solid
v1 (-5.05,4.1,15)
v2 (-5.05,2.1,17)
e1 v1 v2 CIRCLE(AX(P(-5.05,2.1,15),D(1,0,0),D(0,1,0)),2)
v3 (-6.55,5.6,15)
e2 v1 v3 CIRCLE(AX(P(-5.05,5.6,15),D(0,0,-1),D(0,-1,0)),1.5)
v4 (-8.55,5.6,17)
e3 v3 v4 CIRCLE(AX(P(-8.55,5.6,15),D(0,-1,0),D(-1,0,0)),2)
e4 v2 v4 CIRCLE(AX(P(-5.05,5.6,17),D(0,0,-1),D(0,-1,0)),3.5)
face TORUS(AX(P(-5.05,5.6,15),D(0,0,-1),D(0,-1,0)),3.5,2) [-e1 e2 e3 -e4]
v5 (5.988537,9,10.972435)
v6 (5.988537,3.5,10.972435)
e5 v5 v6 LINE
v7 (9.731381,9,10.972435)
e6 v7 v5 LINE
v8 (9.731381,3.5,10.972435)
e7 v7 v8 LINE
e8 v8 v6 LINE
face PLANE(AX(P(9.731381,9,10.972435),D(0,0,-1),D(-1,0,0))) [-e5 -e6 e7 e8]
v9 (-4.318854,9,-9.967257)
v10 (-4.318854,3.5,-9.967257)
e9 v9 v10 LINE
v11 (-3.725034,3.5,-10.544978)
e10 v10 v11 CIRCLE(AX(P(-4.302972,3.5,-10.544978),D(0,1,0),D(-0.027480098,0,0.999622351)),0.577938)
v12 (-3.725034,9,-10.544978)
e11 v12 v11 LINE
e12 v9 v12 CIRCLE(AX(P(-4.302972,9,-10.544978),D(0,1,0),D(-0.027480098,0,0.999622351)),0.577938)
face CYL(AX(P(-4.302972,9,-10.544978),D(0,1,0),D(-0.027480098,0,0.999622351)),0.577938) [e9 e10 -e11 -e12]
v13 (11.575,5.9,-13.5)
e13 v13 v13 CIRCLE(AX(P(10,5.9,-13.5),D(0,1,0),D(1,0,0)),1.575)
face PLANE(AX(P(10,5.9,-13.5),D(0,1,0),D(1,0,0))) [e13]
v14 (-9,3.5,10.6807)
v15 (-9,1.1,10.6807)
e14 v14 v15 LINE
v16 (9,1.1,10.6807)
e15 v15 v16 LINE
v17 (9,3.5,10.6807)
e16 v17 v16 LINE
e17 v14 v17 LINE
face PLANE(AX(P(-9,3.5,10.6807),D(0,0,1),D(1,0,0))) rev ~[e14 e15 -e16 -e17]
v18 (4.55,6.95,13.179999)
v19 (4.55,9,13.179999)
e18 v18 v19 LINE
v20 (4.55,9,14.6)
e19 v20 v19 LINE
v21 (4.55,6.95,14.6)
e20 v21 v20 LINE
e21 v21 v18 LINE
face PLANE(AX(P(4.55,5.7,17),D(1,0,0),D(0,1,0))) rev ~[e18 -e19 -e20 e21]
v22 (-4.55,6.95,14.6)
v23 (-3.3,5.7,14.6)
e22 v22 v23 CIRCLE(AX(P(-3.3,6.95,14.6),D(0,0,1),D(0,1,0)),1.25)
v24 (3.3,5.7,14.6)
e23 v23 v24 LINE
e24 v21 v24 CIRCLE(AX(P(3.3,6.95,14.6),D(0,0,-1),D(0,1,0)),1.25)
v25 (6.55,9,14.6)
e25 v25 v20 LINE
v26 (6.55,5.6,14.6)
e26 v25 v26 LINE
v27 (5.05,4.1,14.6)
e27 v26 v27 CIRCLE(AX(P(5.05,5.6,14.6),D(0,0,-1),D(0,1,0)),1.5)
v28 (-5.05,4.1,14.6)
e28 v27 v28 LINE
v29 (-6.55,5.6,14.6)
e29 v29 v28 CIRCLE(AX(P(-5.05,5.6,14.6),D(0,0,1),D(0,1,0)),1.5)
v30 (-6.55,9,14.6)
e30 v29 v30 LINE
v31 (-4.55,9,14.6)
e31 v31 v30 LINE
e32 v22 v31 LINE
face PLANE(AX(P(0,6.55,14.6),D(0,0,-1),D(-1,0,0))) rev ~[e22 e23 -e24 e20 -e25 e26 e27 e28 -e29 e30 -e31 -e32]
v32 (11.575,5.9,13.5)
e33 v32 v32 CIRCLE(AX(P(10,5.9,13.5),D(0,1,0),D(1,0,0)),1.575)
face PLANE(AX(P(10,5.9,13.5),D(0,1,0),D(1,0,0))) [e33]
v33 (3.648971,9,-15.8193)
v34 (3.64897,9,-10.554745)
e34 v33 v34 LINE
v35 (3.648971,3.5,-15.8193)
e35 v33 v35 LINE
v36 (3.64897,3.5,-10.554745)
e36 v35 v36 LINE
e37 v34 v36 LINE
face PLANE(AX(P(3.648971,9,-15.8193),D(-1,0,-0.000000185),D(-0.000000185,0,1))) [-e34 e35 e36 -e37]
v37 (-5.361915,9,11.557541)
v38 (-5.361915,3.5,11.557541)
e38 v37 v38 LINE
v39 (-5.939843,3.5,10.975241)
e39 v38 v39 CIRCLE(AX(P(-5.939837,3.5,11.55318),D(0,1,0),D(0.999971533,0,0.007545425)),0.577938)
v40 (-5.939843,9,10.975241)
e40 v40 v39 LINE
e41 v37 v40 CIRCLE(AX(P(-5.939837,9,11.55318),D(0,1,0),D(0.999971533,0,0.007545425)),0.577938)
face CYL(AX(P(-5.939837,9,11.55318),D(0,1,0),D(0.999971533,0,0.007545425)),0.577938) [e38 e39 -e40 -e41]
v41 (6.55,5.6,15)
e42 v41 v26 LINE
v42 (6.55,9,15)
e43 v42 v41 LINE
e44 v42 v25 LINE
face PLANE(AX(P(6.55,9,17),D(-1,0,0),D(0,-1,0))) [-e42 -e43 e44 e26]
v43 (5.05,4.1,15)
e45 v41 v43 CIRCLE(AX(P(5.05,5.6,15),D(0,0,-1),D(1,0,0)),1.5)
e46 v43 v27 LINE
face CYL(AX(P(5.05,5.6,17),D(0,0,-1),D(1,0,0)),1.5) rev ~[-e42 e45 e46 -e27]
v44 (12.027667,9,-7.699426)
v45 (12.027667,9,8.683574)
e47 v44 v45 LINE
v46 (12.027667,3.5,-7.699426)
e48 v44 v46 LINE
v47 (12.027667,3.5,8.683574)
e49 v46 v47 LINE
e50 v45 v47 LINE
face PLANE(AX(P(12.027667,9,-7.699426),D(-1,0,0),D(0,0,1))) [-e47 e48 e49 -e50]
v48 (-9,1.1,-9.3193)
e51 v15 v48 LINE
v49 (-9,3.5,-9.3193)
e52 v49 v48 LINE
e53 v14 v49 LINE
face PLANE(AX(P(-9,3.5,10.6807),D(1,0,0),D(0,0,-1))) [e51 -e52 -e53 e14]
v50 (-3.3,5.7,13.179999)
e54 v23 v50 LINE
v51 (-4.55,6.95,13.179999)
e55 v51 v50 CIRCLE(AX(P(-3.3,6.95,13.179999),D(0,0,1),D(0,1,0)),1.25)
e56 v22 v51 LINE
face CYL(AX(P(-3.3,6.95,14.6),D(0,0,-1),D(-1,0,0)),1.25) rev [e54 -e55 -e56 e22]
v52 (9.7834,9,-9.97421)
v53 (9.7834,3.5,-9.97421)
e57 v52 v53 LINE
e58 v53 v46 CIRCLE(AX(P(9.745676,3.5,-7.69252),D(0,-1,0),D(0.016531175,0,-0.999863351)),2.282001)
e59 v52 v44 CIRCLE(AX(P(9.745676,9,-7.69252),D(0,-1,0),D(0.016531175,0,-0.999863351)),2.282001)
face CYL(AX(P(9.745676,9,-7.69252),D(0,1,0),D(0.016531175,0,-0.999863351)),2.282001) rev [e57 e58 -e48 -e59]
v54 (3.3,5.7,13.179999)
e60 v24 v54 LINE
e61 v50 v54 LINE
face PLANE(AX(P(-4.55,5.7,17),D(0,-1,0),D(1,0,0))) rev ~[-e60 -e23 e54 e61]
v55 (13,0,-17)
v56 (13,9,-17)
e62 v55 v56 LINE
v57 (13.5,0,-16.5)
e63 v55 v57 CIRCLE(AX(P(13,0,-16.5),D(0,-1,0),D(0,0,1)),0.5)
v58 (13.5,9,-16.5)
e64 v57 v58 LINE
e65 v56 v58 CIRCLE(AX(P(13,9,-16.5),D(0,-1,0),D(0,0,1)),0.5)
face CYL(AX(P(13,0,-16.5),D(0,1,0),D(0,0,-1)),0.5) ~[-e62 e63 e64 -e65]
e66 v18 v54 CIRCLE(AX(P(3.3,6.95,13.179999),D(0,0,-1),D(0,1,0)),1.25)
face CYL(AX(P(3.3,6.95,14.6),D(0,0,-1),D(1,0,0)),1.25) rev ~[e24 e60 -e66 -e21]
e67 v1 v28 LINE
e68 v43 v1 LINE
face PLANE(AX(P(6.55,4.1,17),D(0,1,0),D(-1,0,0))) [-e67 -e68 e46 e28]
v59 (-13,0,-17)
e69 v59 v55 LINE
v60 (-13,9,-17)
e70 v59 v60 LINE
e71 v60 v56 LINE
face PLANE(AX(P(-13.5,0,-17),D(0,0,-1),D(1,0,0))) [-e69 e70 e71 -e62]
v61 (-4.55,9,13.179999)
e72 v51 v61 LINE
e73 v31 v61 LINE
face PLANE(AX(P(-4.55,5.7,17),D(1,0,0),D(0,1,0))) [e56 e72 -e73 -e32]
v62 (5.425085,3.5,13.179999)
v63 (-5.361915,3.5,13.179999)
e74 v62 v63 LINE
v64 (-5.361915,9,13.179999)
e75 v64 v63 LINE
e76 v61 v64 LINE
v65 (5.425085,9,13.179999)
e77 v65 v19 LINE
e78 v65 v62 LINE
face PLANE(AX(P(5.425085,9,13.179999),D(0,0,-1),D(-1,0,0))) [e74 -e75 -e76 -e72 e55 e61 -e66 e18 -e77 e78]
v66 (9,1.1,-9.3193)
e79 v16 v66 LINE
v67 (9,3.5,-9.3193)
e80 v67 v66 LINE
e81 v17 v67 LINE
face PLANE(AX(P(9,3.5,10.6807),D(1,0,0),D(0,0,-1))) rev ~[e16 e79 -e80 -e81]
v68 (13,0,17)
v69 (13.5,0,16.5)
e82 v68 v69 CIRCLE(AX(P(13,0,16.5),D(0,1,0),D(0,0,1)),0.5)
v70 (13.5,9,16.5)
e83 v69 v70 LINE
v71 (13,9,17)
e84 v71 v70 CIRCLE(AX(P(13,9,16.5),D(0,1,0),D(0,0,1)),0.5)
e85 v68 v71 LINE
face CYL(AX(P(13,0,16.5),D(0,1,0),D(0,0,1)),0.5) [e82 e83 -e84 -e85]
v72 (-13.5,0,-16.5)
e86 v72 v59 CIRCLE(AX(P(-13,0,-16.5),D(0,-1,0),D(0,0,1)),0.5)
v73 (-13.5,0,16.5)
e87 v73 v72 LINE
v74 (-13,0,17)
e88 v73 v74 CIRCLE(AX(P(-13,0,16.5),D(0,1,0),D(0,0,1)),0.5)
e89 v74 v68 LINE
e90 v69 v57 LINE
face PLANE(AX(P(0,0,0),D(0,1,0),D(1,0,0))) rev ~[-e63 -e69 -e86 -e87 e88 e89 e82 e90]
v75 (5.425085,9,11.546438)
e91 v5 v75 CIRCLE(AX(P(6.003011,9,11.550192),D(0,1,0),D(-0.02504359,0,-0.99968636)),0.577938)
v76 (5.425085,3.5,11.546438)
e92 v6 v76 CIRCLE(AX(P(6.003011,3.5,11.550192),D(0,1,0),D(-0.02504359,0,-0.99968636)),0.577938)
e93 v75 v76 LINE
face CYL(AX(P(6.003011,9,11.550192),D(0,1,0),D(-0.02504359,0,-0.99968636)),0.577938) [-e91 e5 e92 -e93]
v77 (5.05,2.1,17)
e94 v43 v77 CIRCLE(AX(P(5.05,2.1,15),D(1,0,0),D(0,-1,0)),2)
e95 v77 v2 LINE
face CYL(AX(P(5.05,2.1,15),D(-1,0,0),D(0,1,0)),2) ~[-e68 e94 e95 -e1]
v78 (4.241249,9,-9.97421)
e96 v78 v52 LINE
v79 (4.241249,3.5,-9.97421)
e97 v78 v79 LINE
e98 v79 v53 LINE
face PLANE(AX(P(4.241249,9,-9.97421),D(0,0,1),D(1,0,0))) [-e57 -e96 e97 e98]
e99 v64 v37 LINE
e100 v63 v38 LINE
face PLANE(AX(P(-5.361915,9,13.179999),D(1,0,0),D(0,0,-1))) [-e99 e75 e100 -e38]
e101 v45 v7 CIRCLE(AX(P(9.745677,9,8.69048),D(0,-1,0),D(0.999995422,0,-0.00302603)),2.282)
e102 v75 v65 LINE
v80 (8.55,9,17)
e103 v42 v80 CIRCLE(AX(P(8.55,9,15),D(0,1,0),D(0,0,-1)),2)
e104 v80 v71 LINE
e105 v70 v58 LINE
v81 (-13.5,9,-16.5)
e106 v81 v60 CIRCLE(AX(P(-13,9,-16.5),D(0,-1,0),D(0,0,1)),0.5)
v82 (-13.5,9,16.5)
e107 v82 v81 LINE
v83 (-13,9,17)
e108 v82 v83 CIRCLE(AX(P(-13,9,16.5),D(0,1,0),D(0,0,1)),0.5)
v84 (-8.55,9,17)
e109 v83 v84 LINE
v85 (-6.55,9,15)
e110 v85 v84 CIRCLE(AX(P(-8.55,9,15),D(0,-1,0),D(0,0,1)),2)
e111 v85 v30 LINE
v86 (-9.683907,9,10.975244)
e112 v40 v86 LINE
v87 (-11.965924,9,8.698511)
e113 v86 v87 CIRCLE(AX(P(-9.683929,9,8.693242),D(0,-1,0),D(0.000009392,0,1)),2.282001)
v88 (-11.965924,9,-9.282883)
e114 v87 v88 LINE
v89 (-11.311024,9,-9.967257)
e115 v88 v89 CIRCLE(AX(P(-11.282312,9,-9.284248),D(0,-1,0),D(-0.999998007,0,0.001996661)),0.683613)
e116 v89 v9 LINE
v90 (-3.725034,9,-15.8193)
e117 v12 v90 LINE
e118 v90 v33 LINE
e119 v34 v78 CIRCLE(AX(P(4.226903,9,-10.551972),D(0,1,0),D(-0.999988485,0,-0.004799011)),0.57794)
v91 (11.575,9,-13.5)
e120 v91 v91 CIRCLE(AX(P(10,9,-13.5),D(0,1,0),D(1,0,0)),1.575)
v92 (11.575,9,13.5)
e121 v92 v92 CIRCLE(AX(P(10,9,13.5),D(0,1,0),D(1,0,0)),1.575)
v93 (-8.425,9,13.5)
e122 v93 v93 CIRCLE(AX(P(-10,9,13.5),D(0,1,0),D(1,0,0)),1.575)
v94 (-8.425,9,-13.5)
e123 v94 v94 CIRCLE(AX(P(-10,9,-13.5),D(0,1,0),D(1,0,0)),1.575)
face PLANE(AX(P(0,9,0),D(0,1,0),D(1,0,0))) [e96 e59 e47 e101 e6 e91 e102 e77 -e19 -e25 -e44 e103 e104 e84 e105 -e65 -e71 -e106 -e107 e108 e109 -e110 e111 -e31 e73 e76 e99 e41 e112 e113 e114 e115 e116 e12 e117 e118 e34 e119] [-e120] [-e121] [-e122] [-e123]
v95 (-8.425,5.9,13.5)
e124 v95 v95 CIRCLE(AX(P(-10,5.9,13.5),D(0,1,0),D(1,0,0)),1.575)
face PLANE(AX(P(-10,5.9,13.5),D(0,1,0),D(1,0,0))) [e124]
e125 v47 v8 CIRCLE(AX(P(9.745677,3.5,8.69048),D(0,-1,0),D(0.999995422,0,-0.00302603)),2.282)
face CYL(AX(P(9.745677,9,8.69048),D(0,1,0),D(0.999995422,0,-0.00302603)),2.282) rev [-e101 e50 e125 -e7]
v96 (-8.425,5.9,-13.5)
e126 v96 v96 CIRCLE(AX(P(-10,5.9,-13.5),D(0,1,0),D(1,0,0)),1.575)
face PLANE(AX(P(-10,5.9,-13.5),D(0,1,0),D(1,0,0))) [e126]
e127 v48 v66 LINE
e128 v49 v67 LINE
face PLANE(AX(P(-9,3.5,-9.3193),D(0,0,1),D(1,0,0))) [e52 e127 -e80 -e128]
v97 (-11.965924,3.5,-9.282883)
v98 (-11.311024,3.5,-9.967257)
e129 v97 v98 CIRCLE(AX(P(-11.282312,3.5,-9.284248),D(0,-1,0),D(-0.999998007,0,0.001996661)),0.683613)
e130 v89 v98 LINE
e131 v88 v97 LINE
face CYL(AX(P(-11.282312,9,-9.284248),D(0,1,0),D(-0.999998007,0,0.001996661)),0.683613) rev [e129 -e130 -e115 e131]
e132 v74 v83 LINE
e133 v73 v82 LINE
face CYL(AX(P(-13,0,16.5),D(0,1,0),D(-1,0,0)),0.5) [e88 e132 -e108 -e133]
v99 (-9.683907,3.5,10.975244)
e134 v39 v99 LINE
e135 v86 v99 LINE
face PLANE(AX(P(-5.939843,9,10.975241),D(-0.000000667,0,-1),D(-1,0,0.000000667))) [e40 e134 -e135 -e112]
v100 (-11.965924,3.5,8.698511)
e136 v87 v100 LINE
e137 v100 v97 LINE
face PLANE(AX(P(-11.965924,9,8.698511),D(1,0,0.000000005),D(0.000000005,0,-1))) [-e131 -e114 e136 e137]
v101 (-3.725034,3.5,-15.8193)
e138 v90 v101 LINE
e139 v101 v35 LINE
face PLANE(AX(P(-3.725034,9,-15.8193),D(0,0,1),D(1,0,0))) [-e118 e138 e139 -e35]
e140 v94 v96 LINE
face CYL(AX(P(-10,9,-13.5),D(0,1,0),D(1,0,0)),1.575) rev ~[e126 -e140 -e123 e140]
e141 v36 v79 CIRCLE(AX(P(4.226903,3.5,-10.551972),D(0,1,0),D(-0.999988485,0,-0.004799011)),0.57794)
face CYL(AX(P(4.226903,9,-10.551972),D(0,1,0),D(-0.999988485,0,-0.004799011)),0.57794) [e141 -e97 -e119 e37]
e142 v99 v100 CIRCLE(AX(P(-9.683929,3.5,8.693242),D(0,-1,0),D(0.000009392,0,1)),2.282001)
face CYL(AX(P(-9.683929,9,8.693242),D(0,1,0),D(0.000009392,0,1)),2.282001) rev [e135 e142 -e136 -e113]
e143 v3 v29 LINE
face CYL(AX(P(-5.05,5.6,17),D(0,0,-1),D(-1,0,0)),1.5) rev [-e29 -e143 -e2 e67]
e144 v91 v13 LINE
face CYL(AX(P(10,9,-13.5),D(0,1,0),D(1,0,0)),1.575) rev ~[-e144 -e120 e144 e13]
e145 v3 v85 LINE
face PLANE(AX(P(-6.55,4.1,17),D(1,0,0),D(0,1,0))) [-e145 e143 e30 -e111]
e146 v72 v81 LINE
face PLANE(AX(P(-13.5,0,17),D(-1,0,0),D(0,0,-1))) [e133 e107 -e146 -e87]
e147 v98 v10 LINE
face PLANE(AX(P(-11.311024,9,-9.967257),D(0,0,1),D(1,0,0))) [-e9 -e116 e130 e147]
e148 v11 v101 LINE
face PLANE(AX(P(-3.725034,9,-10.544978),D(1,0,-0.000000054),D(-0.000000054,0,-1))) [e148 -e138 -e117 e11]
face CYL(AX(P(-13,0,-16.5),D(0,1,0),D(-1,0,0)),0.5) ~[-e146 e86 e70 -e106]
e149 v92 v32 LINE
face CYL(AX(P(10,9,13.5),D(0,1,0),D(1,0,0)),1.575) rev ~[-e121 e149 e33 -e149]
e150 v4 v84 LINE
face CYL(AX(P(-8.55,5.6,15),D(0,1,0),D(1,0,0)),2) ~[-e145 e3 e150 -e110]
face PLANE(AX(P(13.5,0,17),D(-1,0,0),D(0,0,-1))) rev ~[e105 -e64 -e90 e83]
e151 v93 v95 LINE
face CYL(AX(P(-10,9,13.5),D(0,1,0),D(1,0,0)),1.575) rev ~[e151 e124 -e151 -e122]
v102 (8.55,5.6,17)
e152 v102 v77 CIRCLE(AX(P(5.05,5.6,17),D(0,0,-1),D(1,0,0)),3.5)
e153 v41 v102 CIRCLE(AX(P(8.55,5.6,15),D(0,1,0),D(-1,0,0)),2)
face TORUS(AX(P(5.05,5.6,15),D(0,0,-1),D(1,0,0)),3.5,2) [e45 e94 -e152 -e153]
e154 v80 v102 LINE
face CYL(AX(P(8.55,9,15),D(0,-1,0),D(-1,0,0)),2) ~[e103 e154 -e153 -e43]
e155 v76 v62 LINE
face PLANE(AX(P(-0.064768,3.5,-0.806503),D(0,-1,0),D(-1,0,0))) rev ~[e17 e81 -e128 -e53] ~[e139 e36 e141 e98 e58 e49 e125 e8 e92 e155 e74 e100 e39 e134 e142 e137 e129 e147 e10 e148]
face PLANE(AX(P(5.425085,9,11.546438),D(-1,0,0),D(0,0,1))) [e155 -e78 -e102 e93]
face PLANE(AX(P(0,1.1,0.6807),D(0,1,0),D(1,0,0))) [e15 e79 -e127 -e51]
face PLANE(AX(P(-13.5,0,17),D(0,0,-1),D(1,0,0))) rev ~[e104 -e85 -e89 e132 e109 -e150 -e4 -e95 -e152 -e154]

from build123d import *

# Parameters (mm, degrees)
SKETCH_1_W          = 27
SKETCH_1_H          = 34
EXTRUDE_1_DEPTH     = 9
CUT_EXTRUDE_1_DEPTH = 5.5
SKETCH_5_W          = 18
SKETCH_5_H          = 20
CUT_EXTRUDE_2_DEPTH = 2.4
SKETCH_7_W          = 9.1
SKETCH_7_H          = 3.3
CUT_EXTRUDE_3_DEPTH = 3.820001
CUT_EXTRUDE_4_DEPTH = 2.4
SKETCH_9_R          = 1.575
CUT_EXTRUDE_5_DEPTH = 3.1
FILLET_1_R          = 0.5
FILLET_2_R          = 1.5
FILLET_3_R          = 1.25
FILLET_4_R          = 2


with BuildPart() as part:
    # 草图1 → 凸台-拉伸1 (new body)
    with BuildSketch(Plane(origin=(0, 0, 0), x_dir=(1, 0, 0), z_dir=(0, 1, 0))):
        Rectangle(SKETCH_1_W, SKETCH_1_H)
    extrude(amount=EXTRUDE_1_DEPTH)

    # 草图3 → 切除-拉伸1 (cut)
    with BuildSketch(Plane(origin=(0, 9, 0), x_dir=(1, 0, 0), z_dir=(0, 1, 0))):
        with BuildLine():
            Line((-3.725034324, 15.819299777), (3.648970913, 15.819299777))
            Line((3.648970913, 15.819299777), (3.64896994, 10.554745119))
            ThreePointArc((3.64896994, 10.554745119), (3.822350515, 10.139234755), (4.241249073, 9.974209696))
            Line((4.241249073, 9.974209696), (9.783400257, 9.974209696))
            ThreePointArc((9.783400257, 9.974209696), (11.370154466, 9.295205446), (12.02766691, 7.699425674))
            Line((12.02766691, 7.699425674), (12.02766691, -8.683574325))
            ThreePointArc((12.02766691, -8.683574325), (11.356679802, -10.306708388), (9.731381036, -10.972434915))
            Line((9.731381036, -10.972434915), (5.988537145, -10.972434915))
            ThreePointArc((5.988537145, -10.972434915), (5.590573679, -11.145336005), (5.425084588, -11.546438321))
            Line((5.425084588, -11.546438321), (5.425084588, -13.179999201))
            Line((5.425084588, -13.179999201), (-5.361915412, -13.179999201))
            Line((-5.361915412, -13.179999201), (-5.361915412, -11.557540546))
            ThreePointArc((-5.361915412, -11.557540546), (-5.529636352, -11.146058241), (-5.93984312, -10.975241356))
            Line((-5.93984312, -10.975241356), (-9.683907212, -10.975243852))
            ThreePointArc((-9.683907212, -10.975243852), (-11.295675804, -10.308730473), (-11.96592401, -8.698511128))
            Line((-11.96592401, -8.698511128), (-11.965923922, 9.282882934))
            ThreePointArc((-11.965923922, 9.282882934), (-11.776218419, 9.756882394), (-11.311023769, 9.967257479))
            Line((-11.311023769, 9.967257479), (-4.318854243, 9.967257479))
            ThreePointArc((-4.318854243, 9.967257479), (-3.899962458, 10.130736448), (-3.725034039, 10.544977621))
            Line((-3.725034039, 10.544977621), (-3.725034324, 15.819299777))
        make_face()
    extrude(amount=-CUT_EXTRUDE_1_DEPTH, mode=Mode.SUBTRACT)

    # 草图5 → 切除-拉伸2 (cut)
    with BuildSketch(Plane(origin=(0, 3.5, 0), x_dir=(1, 0, 0), z_dir=(0, 1, 0))):
        with Locations((0, -0.680700223)):
            Rectangle(SKETCH_5_W, SKETCH_5_H)
    extrude(amount=-CUT_EXTRUDE_2_DEPTH, mode=Mode.SUBTRACT)

    # 草图7 → 切除-拉伸3 (cut)
    with BuildSketch(Plane.XY.offset(17)):
        with Locations((0, 7.35)):
            Rectangle(SKETCH_7_W, SKETCH_7_H)
    extrude(amount=-CUT_EXTRUDE_3_DEPTH, mode=Mode.SUBTRACT)

    # 草图8 → 切除-拉伸4 (cut)
    with BuildSketch(Plane.XY.offset(17)):
        Polygon((6.55, 4.1), (-6.55, 4.1), (-6.55, 9), (-4.55, 9), (4.55, 9), (6.55, 9), align=None)
    extrude(amount=-CUT_EXTRUDE_4_DEPTH, mode=Mode.SUBTRACT)

    # 草图9 → 切除-拉伸5 (cut)
    with BuildSketch(Plane(origin=(0, 9, 0), x_dir=(1, 0, 0), z_dir=(0, 1, 0))):
        with Locations((-10, 13.5)):
            Circle(SKETCH_9_R)
        with Locations((10, 13.5)):
            Circle(SKETCH_9_R)
        with Locations((10, -13.5)):
            Circle(SKETCH_9_R)
        with Locations((-10, -13.5)):
            Circle(SKETCH_9_R)
    extrude(amount=-CUT_EXTRUDE_5_DEPTH, mode=Mode.SUBTRACT)

    # 圆角1
    fillet_1_edges = [part.edges().sort_by_distance(p)[0] for p in [
        (13.5, 4.5, 17),
        (-13.5, 4.5, 17),
        (-13.5, 4.5, -17),
        (13.5, 4.5, -17),
    ]]
    fillet(fillet_1_edges, radius=FILLET_1_R)

    # 圆角2
    fillet_2_edges = [part.edges().sort_by_distance(p)[0] for p in [
        (6.55, 4.1, 15.8),
        (-6.55, 4.1, 15.8),
    ]]
    fillet(fillet_2_edges, radius=FILLET_2_R)

    # 圆角3
    fillet_3_edges = [part.edges().sort_by_distance(p)[0] for p in [
        (4.55, 5.7, 13.8899995),
        (-4.55, 5.7, 13.8899995),
    ]]
    fillet(fillet_3_edges, radius=FILLET_3_R)

    # 圆角4
    fillet_4_edges = [part.edges().sort_by_distance(p)[0] for p in [
        (-6.55, 7.3, 17),
        (6.55, 7.3, 17),
        (0, 4.1, 17),
        (6.110660172, 4.539339828, 17),
        (-6.110660172, 4.539339828, 17),
    ]]
    fillet(fillet_4_edges, radius=FILLET_4_R)


solid = part.part
